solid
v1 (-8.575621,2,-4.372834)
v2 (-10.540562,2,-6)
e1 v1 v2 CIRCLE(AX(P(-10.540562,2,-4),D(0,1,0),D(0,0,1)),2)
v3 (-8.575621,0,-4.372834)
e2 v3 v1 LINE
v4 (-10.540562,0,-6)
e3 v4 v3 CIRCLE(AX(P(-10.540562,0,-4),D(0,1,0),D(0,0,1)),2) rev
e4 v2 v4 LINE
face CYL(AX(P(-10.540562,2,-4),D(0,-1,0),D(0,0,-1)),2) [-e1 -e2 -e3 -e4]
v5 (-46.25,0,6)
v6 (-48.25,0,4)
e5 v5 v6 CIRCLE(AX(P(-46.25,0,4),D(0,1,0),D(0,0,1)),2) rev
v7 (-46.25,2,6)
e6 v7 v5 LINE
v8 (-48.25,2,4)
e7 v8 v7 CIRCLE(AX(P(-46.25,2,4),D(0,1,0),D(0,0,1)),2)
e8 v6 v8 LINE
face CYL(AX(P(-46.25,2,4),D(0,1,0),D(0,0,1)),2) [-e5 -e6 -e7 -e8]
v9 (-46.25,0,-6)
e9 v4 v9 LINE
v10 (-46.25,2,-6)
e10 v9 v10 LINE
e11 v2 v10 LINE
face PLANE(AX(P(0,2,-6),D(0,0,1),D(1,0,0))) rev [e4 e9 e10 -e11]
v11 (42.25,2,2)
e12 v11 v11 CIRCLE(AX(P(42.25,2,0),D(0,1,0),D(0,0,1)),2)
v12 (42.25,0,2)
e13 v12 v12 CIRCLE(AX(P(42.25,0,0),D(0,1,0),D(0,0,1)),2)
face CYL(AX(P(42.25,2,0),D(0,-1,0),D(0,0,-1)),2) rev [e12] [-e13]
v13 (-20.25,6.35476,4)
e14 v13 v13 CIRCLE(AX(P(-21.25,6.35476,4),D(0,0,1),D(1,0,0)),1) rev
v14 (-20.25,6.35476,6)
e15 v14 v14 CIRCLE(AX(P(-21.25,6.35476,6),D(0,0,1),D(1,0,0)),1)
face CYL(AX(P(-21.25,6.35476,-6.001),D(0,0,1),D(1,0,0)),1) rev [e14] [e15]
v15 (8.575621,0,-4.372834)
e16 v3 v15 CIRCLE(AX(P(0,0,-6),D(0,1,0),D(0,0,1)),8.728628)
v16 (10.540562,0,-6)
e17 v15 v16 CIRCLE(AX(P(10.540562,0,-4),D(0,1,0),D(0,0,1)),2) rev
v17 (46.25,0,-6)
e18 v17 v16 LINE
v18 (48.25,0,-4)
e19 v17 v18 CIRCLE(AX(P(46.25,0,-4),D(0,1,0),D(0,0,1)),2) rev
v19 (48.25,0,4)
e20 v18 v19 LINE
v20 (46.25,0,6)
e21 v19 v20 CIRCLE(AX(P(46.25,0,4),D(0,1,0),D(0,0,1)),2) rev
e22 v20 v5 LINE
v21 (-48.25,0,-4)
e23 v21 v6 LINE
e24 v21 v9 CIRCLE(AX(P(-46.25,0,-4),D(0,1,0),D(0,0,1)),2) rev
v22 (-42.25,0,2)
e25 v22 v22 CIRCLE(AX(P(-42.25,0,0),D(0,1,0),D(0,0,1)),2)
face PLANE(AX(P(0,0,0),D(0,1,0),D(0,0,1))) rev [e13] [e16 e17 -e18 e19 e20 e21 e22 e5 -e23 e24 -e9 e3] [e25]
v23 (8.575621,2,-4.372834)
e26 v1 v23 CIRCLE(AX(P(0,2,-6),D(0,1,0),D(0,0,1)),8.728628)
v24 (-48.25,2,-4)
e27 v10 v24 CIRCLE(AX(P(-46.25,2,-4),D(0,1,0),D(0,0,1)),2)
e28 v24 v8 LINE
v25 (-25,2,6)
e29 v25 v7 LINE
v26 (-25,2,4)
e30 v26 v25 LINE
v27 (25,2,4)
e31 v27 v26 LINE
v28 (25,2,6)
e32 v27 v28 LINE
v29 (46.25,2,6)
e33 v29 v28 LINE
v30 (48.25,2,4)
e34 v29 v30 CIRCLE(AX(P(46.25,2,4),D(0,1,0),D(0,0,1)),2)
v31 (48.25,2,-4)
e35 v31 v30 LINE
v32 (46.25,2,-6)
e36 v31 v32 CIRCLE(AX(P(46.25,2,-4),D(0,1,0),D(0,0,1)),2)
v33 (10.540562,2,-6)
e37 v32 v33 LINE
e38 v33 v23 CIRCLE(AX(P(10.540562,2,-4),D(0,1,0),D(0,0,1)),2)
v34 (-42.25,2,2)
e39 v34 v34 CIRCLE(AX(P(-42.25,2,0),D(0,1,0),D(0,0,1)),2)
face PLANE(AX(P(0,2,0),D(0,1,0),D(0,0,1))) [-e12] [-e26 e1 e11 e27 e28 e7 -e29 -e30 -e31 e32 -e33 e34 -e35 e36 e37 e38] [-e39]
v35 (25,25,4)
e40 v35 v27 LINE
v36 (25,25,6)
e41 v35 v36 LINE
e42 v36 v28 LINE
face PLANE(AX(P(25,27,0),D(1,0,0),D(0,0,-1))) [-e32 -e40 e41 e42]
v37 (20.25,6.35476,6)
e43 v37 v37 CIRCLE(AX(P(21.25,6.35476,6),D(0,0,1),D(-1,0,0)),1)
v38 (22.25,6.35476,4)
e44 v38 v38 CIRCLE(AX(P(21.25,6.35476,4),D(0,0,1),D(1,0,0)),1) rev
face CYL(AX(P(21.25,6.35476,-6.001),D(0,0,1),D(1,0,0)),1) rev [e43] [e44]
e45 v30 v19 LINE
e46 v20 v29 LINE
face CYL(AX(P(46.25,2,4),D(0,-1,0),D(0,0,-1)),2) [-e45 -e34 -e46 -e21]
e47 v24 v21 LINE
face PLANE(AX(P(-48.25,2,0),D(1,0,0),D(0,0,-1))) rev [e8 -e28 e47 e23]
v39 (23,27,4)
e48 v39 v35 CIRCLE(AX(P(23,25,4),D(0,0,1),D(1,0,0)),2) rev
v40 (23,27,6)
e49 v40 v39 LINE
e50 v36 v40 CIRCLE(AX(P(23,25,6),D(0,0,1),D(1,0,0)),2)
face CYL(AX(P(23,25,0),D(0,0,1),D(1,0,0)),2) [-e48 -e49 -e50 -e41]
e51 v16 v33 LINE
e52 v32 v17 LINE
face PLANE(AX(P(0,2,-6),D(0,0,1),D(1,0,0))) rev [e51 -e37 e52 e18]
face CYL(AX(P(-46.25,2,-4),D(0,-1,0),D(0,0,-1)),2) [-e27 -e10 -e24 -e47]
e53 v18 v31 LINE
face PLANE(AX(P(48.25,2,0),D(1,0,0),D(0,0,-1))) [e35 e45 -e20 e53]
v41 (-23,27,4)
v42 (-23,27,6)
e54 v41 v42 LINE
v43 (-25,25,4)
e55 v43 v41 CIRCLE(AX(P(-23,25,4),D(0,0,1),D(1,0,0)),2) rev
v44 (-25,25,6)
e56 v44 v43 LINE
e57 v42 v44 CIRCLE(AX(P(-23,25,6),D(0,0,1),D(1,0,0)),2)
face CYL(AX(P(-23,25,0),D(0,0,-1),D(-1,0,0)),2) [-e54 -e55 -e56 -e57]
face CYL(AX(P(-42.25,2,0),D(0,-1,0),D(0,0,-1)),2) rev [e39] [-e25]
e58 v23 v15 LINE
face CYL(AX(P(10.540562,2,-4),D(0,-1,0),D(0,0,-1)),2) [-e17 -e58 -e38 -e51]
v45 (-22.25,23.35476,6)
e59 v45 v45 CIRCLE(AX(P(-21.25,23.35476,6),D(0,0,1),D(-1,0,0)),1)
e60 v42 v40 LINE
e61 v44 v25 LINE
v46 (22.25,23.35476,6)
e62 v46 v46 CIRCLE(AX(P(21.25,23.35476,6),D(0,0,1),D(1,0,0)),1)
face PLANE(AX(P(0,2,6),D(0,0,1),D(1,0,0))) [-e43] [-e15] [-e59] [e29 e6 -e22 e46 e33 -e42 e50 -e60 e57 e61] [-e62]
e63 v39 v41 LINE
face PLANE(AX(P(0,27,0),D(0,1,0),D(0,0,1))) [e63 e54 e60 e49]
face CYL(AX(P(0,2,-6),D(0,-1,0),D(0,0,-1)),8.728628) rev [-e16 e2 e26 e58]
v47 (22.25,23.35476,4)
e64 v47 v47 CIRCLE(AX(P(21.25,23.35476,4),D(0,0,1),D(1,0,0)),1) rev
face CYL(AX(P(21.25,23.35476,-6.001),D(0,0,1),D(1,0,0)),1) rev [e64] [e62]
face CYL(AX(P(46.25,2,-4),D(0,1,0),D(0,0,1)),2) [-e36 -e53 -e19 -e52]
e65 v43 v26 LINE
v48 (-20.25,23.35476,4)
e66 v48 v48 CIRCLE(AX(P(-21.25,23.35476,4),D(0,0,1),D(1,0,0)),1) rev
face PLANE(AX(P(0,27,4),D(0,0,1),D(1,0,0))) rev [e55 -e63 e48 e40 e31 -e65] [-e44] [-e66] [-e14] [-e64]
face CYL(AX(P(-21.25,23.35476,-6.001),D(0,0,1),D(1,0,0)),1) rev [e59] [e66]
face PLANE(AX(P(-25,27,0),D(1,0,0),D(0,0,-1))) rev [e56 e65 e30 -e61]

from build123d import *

# Parameters (mm, degrees)
SKETCH3_R           = 2
BOSS_EXTRUDE1_DEPTH = 2
SKETCH4_W           = 25
SKETCH4_H           = 2
BOSS_EXTRUDE2_DEPTH = 25
CUT_EXTRUDE1_REACH  = 58.578
SKETCH6_R           = 1
FILLET1_R           = 2


with BuildPart() as part:
    # Sketch3 → Boss-Extrude1 (new body)
    with BuildSketch(Plane(origin=(0, 0, 0), x_dir=(1, 0, 0), z_dir=(0, 1, 0))):
        with BuildLine():
            ThreePointArc((8.728627884, 6), (8.109373095, 2.770911469), (6.339475115, 0))
            ThreePointArc((6.339475115, 0), (0, -2.728627884), (-6.339475115, 0))
            ThreePointArc((-6.339475115, 0), (-8.109373095, 2.770911469), (-8.728627884, 6))
            Line((-8.728627884, 6), (-48.25, 6))
            Line((-48.25, 6), (-48.25, -6))
            Line((-48.25, -6), (48.25, -6))
            Line((48.25, -6), (48.25, 6))
            Line((48.25, 6), (8.728627884, 6))
        make_face()
        with Locations(Location((-42.25, 0, 0), (0, 0, 270))):
            Circle(SKETCH3_R, mode=Mode.SUBTRACT)
        with BuildLine():
            ThreePointArc((44.25, 0), (42.25, -2), (40.25, 0))
            ThreePointArc((40.25, 0), (42.25, 2), (44.25, 0))
        make_face(mode=Mode.SUBTRACT)
    extrude(amount=BOSS_EXTRUDE1_DEPTH)

    # Sketch4 → Boss-Extrude2 (add)
    with BuildSketch(Plane(origin=(0, 2, 0), x_dir=(1, 0, 0), z_dir=(0, 1, 0))):
        with Locations((-12.5, -5)):
            Rectangle(SKETCH4_W, SKETCH4_H)
        with Locations((12.5, -5)):
            Rectangle(SKETCH4_W, SKETCH4_H)
    extrude(amount=BOSS_EXTRUDE2_DEPTH)

    # Sketch6 → Cut-Extrude1 (cut, up to next)
    with BuildSketch(Plane.XY.offset(6), mode=Mode.PRIVATE) as cut_extrude1_sk1:
        with Locations((21.25, 23.354759591)):
            Circle(SKETCH6_R)
    cut_extrude1_tool1 = extrude(cut_extrude1_sk1.sketch, amount=-CUT_EXTRUDE1_REACH, mode=Mode.PRIVATE) & part.part
    # Sketch6 → Cut-Extrude1 (cut, up to next)
    with BuildSketch(Plane.XY.offset(6), mode=Mode.PRIVATE) as cut_extrude1_sk2:
        with Locations((-21.25, 23.354759591)):
            Circle(SKETCH6_R)
    cut_extrude1_tool2 = extrude(cut_extrude1_sk2.sketch, amount=-CUT_EXTRUDE1_REACH, mode=Mode.PRIVATE) & part.part
    # Sketch6 → Cut-Extrude1 (cut, up to next)
    with BuildSketch(Plane.XY.offset(6), mode=Mode.PRIVATE) as cut_extrude1_sk3:
        with Locations((21.25, 6.354759591)):
            Circle(SKETCH6_R)
    cut_extrude1_tool3 = extrude(cut_extrude1_sk3.sketch, amount=-CUT_EXTRUDE1_REACH, mode=Mode.PRIVATE) & part.part
    # Sketch6 → Cut-Extrude1 (cut, up to next)
    with BuildSketch(Plane.XY.offset(6), mode=Mode.PRIVATE) as cut_extrude1_sk4:
        with Locations((-21.25, 6.354759591)):
            Circle(SKETCH6_R)
    cut_extrude1_tool4 = extrude(cut_extrude1_sk4.sketch, amount=-CUT_EXTRUDE1_REACH, mode=Mode.PRIVATE) & part.part
    add(cut_extrude1_tool1.solids().sort_by_distance((21.25, 23.35476, 6))[0], mode=Mode.SUBTRACT)
    add(cut_extrude1_tool2.solids().sort_by_distance((-21.25, 23.35476, 6))[0], mode=Mode.SUBTRACT)
    add(cut_extrude1_tool3.solids().sort_by_distance((21.25, 6.35476, 6))[0], mode=Mode.SUBTRACT)
    add(cut_extrude1_tool4.solids().sort_by_distance((-21.25, 6.35476, 6))[0], mode=Mode.SUBTRACT)

    # Fillet1
    fillet1_edges = [part.edges().sort_by_distance(p)[0] for p in [
        (8.728627884, 1, -6),
        (48.25, 1, -6),
        (48.25, 1, 6),
        (-48.25, 1, 6),
        (-48.25, 1, -6),
        (-8.728627884, 1, -6),
        (25, 27, 5),
        (-25, 27, 5),
    ]]
    fillet(fillet1_edges, radius=FILLET1_R)


solid = part.part
